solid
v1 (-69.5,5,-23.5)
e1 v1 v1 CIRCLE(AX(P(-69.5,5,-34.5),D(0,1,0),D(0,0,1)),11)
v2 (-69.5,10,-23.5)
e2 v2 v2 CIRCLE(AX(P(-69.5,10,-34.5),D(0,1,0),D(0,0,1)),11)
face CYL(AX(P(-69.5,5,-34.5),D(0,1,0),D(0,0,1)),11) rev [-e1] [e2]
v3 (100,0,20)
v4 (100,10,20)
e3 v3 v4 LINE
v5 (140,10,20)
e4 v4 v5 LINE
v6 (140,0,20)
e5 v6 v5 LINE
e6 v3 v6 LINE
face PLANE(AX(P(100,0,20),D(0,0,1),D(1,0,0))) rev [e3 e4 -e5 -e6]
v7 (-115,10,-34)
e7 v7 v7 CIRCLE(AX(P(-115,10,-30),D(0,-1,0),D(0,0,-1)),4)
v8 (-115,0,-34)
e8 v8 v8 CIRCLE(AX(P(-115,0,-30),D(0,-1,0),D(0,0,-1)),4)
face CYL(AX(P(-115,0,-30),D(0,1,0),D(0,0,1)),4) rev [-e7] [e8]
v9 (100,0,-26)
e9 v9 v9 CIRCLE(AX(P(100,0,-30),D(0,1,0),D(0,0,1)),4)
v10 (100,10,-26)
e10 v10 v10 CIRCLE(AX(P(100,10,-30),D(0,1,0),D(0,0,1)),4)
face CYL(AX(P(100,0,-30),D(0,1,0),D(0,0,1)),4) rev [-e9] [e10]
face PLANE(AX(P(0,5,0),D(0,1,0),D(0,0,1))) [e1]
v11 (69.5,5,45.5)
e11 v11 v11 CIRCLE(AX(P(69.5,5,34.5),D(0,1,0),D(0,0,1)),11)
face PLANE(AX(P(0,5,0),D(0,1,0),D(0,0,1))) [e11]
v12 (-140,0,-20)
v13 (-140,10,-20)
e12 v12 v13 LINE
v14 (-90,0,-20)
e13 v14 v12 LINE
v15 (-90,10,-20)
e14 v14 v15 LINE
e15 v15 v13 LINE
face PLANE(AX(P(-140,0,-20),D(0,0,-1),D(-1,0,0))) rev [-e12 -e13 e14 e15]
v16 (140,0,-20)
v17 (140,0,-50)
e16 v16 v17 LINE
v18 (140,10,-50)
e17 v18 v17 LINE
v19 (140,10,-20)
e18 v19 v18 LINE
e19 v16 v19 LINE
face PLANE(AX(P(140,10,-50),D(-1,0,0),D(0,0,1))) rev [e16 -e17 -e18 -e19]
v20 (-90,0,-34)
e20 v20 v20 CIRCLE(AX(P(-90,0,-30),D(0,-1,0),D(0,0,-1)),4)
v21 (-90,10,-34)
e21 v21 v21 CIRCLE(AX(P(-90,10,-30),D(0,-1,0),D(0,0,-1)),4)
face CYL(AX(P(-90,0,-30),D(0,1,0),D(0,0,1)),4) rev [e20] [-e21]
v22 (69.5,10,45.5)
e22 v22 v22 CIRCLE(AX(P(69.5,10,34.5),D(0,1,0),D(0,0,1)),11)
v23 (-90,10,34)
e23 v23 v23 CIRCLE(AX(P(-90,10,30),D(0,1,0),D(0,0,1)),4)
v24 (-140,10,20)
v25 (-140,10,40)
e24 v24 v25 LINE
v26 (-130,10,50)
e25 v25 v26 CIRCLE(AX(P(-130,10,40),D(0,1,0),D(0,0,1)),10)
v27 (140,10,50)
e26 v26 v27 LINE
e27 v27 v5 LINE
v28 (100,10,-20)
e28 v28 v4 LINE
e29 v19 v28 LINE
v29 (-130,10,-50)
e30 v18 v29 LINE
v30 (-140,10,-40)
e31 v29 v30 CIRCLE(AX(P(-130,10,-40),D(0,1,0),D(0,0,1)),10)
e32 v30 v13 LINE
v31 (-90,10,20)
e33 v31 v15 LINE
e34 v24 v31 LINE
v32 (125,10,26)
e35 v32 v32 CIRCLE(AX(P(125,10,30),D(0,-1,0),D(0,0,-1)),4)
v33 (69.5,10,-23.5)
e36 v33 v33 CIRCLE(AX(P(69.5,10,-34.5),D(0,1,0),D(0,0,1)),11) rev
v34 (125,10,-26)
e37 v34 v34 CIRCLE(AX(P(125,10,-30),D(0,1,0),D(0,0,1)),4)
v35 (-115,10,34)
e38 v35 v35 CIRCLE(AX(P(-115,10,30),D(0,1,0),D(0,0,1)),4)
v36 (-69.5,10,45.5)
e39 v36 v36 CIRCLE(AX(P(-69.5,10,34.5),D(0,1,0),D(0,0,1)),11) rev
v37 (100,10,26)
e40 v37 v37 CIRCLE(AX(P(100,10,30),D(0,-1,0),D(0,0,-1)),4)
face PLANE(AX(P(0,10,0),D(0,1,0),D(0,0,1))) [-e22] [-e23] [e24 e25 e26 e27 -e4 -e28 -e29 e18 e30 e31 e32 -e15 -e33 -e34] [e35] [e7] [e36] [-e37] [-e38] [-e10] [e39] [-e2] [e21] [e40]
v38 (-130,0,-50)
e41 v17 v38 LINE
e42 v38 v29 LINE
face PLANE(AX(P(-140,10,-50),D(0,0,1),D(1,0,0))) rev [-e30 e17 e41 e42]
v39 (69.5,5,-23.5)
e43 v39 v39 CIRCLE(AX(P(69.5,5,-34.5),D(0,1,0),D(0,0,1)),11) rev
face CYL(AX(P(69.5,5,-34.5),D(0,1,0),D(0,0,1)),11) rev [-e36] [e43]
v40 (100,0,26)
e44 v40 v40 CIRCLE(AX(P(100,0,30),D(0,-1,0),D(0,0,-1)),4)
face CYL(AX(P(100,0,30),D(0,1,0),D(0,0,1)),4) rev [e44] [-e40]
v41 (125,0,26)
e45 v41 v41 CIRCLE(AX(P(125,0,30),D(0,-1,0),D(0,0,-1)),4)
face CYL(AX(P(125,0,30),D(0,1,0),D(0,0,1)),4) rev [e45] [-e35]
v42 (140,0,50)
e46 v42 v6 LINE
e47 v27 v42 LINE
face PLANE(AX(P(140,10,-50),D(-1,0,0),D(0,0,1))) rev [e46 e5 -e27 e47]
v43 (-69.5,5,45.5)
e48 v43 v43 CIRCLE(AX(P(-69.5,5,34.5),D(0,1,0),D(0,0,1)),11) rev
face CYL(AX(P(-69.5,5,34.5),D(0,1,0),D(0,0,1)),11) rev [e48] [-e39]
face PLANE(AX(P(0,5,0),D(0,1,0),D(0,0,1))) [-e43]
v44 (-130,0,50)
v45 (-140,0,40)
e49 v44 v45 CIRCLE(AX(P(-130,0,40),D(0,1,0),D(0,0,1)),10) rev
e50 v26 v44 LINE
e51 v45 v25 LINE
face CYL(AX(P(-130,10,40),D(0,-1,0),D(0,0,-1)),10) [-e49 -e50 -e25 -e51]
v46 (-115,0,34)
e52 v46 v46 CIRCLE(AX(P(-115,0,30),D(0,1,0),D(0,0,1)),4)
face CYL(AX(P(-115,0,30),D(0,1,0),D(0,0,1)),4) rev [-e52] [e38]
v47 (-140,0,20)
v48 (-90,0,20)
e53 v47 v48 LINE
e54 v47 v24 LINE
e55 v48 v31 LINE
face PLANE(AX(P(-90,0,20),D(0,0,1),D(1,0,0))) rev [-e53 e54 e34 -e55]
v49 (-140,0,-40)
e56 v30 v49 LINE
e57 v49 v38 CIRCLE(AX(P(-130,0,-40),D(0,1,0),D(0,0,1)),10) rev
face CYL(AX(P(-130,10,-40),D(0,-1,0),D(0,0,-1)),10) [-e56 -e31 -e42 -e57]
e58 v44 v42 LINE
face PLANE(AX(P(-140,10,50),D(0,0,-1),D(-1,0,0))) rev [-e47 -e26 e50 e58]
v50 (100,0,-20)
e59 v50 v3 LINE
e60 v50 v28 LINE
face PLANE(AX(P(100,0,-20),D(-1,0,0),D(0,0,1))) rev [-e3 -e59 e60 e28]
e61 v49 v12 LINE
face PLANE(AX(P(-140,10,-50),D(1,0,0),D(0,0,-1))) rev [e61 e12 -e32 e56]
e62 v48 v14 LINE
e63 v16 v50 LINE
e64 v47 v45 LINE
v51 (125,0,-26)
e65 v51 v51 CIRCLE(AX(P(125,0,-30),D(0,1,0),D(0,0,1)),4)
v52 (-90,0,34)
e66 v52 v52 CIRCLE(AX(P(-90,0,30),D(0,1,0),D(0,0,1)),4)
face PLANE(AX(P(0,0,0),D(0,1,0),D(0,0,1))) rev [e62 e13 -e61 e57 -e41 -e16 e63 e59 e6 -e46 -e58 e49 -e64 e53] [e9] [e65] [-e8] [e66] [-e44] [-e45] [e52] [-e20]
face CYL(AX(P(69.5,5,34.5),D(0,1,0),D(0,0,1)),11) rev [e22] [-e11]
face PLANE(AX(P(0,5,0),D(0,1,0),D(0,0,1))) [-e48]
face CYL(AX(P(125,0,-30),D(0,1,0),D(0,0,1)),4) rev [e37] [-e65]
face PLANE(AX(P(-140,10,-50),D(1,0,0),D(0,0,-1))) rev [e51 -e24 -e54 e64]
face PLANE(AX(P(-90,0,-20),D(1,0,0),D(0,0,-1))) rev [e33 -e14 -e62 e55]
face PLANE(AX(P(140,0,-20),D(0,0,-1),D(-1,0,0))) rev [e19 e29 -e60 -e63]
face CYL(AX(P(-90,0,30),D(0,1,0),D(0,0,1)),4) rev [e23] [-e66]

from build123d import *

# Parameters (mm, degrees)
SKETCH_3_W          = 280
SKETCH_3_H          = 100
EXTRUDE_1_DEPTH     = 10
SKETCH_5_R          = 4
CUT_EXTRUDE_1_DEPTH = 149.996644258
SKETCH_6_R          = 4
CUT_EXTRUDE_2_DEPTH = 10
SKETCH_7_W          = 50
SKETCH_7_H          = 40
CUT_EXTRUDE_3_DEPTH = 149.996644258
FILLET_1_R          = 10
FILLET_2_R          = 10
SKETCH_8_W          = 40
SKETCH_8_H          = 40
CUT_EXTRUDE_4_DEPTH = 149.996644258
SKETCH_11_R         = 11
CUT_EXTRUDE_5_DEPTH = 5


with BuildPart() as part:
    # 草图3 → 凸台-拉伸1 (new body)
    with BuildSketch(Plane(origin=(0, 0, 0), x_dir=(1, 0, 0), z_dir=(0, 1, 0))):
        Rectangle(SKETCH_3_W, SKETCH_3_H)
    extrude(amount=EXTRUDE_1_DEPTH)

    # 草图5 → 切除-拉伸1 (cut, through all)
    with BuildSketch(Plane(origin=(0, 10, 0), x_dir=(1, 0, 0), z_dir=(0, 1, 0))):
        with Locations(Location((-115, -30, 0), (0, 0, 270))):
            Circle(SKETCH_5_R)
        with Locations(Location((-90, -30, 0), (0, 0, 270))):
            Circle(SKETCH_5_R)
    cut_extrude_1 = extrude(amount=-CUT_EXTRUDE_1_DEPTH, mode=Mode.SUBTRACT)

    # 镜向1: 切除-拉伸1 across plane
    add(cut_extrude_1.mirror(Plane.XY), mode=Mode.SUBTRACT)

    # 草图6 → 切除-拉伸2 (cut)
    with BuildSketch(Plane(origin=(0, 10, 0), x_dir=(1, 0, 0), z_dir=(0, 1, 0))):
        with Locations(Location((125, 30, 0), (0, 0, 270))):
            Circle(SKETCH_6_R)
        with Locations(Location((100, 30, 0), (0, 0, 270))):
            Circle(SKETCH_6_R)
    cut_extrude_2 = extrude(amount=-CUT_EXTRUDE_2_DEPTH, mode=Mode.SUBTRACT)

    # 镜向2: 切除-拉伸2 across plane
    add(cut_extrude_2.mirror(Plane.XY), mode=Mode.SUBTRACT)

    # 草图7 → 切除-拉伸3 (cut, through all)
    with BuildSketch(Plane(origin=(0, 10, 0), x_dir=(1, 0, 0), z_dir=(0, 1, 0))):
        with Locations((-115, 0)):
            Rectangle(SKETCH_7_W, SKETCH_7_H)
    extrude(amount=-CUT_EXTRUDE_3_DEPTH, mode=Mode.SUBTRACT)

    # 圆角1
    fillet_1_edges = [part.edges().sort_by_distance(p)[0] for p in [
        (-140, 5, 50),
    ]]
    fillet(fillet_1_edges, radius=FILLET_1_R)

    # 圆角2
    fillet_2_edges = [part.edges().sort_by_distance(p)[0] for p in [
        (-140, 5, -50),
    ]]
    fillet(fillet_2_edges, radius=FILLET_2_R)

    # 草图8 → 切除-拉伸4 (cut, through all)
    with BuildSketch(Plane(origin=(0, 10, 0), x_dir=(1, 0, 0), z_dir=(0, 1, 0))):
        with Locations((120, 0)):
            Rectangle(SKETCH_8_W, SKETCH_8_H)
    extrude(amount=-CUT_EXTRUDE_4_DEPTH, mode=Mode.SUBTRACT)

    # 草图11 → 切除-拉伸5 (cut)
    with BuildSketch(Plane(origin=(0, 10, 0), x_dir=(1, 0, 0), z_dir=(0, 1, 0))):
        with Locations(Location((-69.5, -34.5, 0), (0, 0, 270))):
            Circle(SKETCH_11_R)
        with Locations(Location((-69.5, 34.5, 0), (0, 0, 270))):
            Circle(SKETCH_11_R)
        with Locations(Location((69.5, 34.5, 0), (0, 0, 270))):
            Circle(SKETCH_11_R)
        with Locations(Location((69.5, -34.5, 0), (0, 0, 270))):
            Circle(SKETCH_11_R)
    extrude(amount=-CUT_EXTRUDE_5_DEPTH, mode=Mode.SUBTRACT)


solid = part.part
